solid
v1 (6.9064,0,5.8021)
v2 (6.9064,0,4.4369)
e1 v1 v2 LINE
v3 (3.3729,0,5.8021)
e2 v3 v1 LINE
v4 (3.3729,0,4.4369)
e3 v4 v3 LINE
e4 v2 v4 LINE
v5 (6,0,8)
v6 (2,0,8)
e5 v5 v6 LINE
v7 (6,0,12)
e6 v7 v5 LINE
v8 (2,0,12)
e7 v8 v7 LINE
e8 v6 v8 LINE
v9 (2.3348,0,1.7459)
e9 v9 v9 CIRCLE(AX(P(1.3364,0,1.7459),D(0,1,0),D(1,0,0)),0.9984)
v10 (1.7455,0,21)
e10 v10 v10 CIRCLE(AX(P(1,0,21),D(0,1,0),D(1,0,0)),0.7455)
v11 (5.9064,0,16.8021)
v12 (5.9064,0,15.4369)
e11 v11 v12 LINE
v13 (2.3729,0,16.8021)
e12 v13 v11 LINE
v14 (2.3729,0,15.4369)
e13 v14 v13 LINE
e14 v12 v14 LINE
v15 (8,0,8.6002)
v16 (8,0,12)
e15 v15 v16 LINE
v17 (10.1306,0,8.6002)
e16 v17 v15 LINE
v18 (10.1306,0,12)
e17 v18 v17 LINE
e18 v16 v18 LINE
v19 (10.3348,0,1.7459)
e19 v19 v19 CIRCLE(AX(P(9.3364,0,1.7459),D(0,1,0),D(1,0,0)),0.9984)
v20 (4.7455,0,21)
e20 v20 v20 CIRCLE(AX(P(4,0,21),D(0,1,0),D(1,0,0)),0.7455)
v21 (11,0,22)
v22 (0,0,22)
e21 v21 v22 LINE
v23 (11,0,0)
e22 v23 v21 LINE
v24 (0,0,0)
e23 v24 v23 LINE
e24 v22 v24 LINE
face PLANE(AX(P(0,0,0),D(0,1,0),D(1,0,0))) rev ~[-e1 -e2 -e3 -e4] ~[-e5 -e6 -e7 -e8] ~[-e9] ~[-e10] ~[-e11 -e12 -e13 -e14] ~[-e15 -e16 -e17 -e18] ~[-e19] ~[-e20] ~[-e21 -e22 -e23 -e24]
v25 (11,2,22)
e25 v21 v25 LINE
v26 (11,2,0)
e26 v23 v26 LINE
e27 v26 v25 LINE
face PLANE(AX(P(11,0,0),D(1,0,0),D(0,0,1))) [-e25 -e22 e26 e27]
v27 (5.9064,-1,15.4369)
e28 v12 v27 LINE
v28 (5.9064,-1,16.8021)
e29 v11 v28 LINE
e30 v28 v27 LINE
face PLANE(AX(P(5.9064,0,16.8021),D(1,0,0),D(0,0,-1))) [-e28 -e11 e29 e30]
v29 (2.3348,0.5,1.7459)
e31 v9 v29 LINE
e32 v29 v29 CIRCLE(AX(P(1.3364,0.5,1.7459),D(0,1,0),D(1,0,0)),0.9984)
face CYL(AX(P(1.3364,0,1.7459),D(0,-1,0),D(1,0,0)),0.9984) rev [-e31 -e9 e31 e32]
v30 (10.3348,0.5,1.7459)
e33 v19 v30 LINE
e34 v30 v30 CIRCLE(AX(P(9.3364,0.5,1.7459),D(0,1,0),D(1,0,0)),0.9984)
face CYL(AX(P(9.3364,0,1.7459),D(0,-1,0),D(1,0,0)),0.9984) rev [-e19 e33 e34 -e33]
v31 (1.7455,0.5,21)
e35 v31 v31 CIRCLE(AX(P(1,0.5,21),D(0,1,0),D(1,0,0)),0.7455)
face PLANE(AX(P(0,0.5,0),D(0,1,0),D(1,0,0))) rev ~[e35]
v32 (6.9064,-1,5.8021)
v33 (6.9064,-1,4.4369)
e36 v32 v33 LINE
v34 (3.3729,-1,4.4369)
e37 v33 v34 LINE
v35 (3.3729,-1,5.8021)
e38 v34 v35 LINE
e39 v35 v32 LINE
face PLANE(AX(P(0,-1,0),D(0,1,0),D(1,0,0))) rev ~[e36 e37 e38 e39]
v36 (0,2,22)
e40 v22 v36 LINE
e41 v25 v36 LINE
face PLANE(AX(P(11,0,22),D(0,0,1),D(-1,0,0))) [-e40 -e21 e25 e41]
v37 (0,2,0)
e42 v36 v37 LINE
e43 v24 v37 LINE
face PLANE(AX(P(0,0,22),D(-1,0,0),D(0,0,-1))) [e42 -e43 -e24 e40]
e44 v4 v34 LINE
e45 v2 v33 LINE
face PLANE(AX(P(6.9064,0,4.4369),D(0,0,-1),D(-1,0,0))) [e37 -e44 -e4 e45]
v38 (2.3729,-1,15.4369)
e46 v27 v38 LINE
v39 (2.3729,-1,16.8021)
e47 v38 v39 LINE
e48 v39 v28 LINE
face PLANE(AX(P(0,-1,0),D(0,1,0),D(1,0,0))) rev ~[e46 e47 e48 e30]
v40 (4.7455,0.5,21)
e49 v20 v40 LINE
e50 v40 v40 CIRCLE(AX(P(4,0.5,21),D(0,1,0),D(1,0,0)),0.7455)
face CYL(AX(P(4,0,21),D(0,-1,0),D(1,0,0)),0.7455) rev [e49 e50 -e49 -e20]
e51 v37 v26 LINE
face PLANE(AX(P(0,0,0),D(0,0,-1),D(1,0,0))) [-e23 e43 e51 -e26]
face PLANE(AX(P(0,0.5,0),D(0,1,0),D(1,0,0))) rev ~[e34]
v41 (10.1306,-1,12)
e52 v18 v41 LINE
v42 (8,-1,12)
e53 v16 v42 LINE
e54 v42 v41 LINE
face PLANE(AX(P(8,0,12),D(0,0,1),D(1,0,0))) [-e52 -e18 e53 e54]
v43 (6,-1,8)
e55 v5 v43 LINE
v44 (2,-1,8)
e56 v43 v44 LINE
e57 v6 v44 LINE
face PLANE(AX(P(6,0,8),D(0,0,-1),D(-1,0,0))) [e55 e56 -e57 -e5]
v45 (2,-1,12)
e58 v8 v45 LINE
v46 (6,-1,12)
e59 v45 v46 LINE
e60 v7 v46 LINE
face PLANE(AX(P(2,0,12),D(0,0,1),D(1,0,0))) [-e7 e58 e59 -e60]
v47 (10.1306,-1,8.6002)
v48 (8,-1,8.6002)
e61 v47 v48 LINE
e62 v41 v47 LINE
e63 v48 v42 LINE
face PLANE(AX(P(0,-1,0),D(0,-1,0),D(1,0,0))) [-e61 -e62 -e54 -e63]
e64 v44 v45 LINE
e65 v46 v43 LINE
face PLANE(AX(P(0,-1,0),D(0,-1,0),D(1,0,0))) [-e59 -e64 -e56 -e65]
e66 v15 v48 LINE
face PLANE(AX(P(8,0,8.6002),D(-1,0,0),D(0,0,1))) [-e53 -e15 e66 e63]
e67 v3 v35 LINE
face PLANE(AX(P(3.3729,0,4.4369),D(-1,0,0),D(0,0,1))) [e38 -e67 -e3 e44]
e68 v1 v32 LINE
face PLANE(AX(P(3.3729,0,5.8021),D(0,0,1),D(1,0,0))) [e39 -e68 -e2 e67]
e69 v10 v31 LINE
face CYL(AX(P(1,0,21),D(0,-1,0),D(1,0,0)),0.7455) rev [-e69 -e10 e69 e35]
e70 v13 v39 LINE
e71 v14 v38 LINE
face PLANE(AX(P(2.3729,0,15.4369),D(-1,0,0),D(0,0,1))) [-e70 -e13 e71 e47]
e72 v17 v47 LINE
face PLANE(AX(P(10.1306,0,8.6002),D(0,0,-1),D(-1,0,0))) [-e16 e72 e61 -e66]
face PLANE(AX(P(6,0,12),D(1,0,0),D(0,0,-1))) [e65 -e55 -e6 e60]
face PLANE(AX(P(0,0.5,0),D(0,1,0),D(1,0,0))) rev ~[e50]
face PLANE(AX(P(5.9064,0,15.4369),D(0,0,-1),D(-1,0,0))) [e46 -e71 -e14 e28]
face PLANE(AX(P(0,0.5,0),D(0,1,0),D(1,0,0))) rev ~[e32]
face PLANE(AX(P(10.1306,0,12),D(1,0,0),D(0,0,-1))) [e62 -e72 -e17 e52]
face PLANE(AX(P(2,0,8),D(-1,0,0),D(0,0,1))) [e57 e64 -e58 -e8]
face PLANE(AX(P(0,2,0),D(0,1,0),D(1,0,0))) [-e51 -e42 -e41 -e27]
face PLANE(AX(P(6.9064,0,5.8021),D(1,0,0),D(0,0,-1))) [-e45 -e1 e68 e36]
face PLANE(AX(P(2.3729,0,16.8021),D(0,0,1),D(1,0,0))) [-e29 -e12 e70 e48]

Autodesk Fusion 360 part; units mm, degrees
sketch "Boceto1" plane through (0, 0, 0) normal (0, 1, 0) x (1, 0, 0)
  line L0 (0, 0) -> (11, 0)
  line L1 (11, 0) -> (11, -22)
  line L2 (11, -22) -> (0, -22)
  line L3 (0, -22) -> (0, 0)
  dimension "d1" = 11
  dimension "d2" = 22
extrude "Extruir1" add sketch "Boceto1" along normal blind 2
sketch "Boceto2" plane through (0, 0, 0) normal (0, -1, 0) x (1, 0, 0)
  line L0 (11, 22) -> (0, 22)
  line L1 (0, 22) -> (0, 0)
  line L2 (0, 0) -> (11, 0)
  line L3 (11, 0) -> (11, 22)
  line L4 (8, 12) -> (10.1306, 12)
  line L5 (10.1306, 12) -> (10.1306, 8.6002)
  line L6 (10.1306, 8.6002) -> (8, 8.6002)
  line L7 (8, 8.6002) -> (8, 12)
  line L8 (2, 12) -> (6, 12)
  line L9 (6, 12) -> (6, 8)
  line L10 (6, 8) -> (2, 8)
  line L11 (2, 8) -> (2, 12)
extrude "Extruir2" add sketch "Boceto2" along normal blind 1 contours L4 L5 L6 L7 | L8 L9 L10 L11
sketch "Boceto3" plane through (0, 0, 0) normal (0, 1, 0) x (1, 0, 0)
  circle A0 centre (1.3364, -1.7459) radius 0.9984
  circle A1 centre (9.3364, -1.7459) radius 0.9984
  circle A2 centre (1, -21) radius 0.7455
  circle A3 centre (4, -21) radius 0.7455
extrude "Extruir3" cut sketch "Boceto3" along normal blind 0.5
sketch "Boceto4" plane through (0, 0, 0) normal (0, 1, 0) x (1, 0, 0)
  line L0 (3.3729, -5.8021) -> (6.9064, -5.8021)
  line L1 (6.9064, -5.8021) -> (6.9064, -4.4369)
  line L2 (6.9064, -4.4369) -> (3.3729, -4.4369)
  line L3 (3.3729, -4.4369) -> (3.3729, -5.8021)
  line L4 (2.3729, -16.8021) -> (5.9064, -16.8021)
  line L5 (5.9064, -15.4369) -> (2.3729, -15.4369)
  line L6 (2.3729, -15.4369) -> (2.3729, -16.8021)
  line L7 (5.9064, -16.8021) -> (5.9064, -15.4369)
extrude "Extruir5" add sketch "Boceto4" against normal blind 1
